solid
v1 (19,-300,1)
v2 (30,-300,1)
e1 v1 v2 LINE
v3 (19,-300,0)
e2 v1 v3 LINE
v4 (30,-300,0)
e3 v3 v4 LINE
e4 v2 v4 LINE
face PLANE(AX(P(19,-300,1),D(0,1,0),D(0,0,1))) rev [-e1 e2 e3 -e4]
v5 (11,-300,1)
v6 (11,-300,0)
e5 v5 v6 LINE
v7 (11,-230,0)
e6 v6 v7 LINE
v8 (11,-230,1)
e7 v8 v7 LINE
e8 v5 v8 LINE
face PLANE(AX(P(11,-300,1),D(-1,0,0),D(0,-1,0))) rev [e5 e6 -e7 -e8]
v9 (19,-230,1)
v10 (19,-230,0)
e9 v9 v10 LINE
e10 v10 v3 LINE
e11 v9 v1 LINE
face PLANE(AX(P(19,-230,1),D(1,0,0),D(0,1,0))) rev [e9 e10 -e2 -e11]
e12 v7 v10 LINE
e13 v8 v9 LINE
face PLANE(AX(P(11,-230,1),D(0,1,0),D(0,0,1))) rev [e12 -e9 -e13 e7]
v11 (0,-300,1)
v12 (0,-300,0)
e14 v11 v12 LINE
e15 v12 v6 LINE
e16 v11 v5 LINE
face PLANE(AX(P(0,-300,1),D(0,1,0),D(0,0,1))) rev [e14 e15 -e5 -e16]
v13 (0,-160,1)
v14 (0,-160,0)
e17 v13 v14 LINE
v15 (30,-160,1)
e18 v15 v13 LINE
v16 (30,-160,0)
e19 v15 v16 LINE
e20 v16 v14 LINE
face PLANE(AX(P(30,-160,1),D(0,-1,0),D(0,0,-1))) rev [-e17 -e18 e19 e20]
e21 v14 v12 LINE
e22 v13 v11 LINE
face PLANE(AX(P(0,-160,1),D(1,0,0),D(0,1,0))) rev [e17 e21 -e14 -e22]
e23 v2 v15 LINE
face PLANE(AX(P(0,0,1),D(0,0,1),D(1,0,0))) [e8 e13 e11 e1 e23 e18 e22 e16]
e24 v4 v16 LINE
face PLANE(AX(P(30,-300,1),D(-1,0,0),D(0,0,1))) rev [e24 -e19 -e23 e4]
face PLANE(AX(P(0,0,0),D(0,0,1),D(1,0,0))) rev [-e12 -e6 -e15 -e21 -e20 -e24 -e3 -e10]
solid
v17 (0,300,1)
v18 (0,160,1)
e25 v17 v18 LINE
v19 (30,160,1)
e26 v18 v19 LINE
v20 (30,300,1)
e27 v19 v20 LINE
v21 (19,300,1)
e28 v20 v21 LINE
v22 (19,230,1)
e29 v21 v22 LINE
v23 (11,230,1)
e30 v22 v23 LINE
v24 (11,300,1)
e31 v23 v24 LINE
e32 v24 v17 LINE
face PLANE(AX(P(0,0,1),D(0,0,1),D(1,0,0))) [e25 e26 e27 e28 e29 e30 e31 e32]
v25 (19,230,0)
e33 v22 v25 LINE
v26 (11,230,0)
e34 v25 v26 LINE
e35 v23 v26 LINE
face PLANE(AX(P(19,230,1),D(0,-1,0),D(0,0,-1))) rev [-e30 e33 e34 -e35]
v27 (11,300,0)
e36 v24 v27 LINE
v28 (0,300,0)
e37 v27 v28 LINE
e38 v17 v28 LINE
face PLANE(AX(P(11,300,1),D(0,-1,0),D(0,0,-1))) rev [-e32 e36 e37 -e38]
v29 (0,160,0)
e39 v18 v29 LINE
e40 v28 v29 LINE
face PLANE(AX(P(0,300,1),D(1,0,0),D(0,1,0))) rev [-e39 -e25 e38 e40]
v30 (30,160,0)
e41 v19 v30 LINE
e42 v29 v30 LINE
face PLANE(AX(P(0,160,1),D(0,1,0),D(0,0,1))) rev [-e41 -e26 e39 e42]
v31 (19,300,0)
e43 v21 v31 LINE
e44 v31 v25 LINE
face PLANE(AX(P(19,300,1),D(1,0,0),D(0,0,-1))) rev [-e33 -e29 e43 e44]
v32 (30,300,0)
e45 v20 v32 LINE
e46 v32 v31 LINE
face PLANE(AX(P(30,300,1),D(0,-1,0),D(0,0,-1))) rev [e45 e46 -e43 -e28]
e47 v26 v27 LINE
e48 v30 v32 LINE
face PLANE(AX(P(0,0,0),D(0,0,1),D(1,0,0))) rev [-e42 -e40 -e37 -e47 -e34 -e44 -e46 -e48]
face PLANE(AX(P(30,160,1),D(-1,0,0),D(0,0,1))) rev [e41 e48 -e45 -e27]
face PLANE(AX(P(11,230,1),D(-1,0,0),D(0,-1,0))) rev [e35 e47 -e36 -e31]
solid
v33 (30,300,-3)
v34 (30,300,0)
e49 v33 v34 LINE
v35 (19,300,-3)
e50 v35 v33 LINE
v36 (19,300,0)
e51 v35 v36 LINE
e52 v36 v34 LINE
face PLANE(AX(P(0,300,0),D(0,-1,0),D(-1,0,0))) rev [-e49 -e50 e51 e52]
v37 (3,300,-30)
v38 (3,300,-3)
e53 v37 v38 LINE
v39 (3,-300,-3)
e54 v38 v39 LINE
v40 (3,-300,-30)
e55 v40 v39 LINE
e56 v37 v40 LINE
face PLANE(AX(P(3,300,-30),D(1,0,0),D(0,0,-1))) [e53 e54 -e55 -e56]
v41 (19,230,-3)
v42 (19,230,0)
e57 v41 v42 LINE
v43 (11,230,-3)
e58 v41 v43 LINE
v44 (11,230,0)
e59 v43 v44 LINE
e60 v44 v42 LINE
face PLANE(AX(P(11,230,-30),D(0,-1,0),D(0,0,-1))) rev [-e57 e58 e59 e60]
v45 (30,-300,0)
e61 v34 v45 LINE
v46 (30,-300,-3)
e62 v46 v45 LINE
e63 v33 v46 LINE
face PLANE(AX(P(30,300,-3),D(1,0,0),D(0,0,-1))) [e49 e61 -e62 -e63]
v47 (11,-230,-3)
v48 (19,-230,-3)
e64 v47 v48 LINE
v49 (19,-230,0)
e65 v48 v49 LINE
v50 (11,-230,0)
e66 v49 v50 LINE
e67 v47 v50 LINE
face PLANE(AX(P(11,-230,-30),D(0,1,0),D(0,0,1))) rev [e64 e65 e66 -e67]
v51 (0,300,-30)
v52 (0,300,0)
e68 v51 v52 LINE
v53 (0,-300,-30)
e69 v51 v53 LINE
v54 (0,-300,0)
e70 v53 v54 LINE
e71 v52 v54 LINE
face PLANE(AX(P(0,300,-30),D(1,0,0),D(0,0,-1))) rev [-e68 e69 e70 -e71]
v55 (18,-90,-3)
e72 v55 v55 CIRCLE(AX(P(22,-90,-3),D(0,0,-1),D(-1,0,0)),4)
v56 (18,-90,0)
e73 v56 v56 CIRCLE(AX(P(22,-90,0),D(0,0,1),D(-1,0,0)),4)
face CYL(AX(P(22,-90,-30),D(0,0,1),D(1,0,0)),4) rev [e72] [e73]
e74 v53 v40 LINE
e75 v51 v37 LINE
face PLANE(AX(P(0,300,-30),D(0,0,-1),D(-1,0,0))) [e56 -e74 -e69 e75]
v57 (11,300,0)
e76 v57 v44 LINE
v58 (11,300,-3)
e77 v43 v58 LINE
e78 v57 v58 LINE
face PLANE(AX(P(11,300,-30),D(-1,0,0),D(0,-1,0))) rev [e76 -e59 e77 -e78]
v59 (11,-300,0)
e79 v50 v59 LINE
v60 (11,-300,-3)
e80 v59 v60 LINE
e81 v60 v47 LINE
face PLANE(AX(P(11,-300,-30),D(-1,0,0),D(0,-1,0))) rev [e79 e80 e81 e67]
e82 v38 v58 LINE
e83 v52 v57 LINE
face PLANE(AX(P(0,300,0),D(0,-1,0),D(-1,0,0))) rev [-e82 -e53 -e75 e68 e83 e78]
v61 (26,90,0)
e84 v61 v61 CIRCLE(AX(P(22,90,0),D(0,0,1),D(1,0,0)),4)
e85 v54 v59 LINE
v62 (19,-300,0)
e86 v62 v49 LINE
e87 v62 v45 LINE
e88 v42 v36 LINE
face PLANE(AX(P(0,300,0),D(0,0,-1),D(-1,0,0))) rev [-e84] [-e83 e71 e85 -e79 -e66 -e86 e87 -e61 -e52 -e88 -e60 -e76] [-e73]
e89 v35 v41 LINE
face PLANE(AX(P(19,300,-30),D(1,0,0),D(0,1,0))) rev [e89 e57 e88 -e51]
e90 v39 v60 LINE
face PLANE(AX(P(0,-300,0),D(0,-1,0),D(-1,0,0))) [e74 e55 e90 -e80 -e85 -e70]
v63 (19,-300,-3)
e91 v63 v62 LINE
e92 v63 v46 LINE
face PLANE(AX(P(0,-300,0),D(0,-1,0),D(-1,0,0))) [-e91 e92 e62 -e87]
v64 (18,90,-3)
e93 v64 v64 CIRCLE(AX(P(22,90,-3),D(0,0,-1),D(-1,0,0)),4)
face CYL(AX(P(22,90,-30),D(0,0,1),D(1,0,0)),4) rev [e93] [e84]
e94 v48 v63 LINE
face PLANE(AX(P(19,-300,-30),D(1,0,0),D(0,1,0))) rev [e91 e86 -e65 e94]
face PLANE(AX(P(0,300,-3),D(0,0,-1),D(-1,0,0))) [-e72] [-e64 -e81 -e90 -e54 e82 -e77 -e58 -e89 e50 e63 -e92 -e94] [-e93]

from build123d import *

# Parameters (mm, degrees)
EXTRU_MINCE1_DEPTH      = 300
ESQUISSE2_R             = 4
ESQUISSE2_W             = 8
ESQUISSE2_H             = 70
ENL_V_MAT_EXTRU_1_DEPTH = 303.985148151
BOSS_EXTRU_1_DEPTH      = 1
BOSS_EXTRU_1_2_DEPTH    = 1


with BuildPart() as part:
    # Esquisse1 → Extru.-Mince1 (new, symmetric)
    with BuildSketch(Plane(origin=(0, 0, 0), x_dir=(1, 0, 0), z_dir=(0, 1, 0))):
        Polygon((0, 30), (0, 0), (30, 0), (30, 3), (3, 3), (3, 30), align=None)
    extrude(amount=EXTRU_MINCE1_DEPTH, both=True)

    # Esquisse2 → Enlèv. mat.-Extru.1 (cut, through all)
    with BuildSketch(Plane.XY):
        with Locations((22, 90)):
            Circle(ESQUISSE2_R)
        with Locations(Location((22, -90, 0), (0, 0, 180))):
            Circle(ESQUISSE2_R)
        with Locations((15, 265)):
            Rectangle(ESQUISSE2_W, ESQUISSE2_H)
        with Locations((15, -265)):
            Rectangle(ESQUISSE2_W, ESQUISSE2_H)
    extrude(amount=-ENL_V_MAT_EXTRU_1_DEPTH, mode=Mode.SUBTRACT)


with BuildPart() as body_2:
    # Esquisse3 → Boss.-Extru.1 (new body)
    with BuildSketch(Plane.XY):
        Polygon((0, 160), (30, 160), (30, 300), (19, 300), (19, 230), (11, 230), (11, 300), (0, 300), align=None)
    extrude(amount=BOSS_EXTRU_1_DEPTH)


with BuildPart() as body_3:
    # Esquisse3 → Boss.-Extru.1 2 (new body)
    with BuildSketch(Plane.XY):
        Polygon((0, -160), (0, -300), (11, -300), (11, -230), (19, -230), (19, -300), (30, -300), (30, -160), align=None)
    extrude(amount=BOSS_EXTRU_1_2_DEPTH)


solid = Compound([part.part, body_2.part, body_3.part])
